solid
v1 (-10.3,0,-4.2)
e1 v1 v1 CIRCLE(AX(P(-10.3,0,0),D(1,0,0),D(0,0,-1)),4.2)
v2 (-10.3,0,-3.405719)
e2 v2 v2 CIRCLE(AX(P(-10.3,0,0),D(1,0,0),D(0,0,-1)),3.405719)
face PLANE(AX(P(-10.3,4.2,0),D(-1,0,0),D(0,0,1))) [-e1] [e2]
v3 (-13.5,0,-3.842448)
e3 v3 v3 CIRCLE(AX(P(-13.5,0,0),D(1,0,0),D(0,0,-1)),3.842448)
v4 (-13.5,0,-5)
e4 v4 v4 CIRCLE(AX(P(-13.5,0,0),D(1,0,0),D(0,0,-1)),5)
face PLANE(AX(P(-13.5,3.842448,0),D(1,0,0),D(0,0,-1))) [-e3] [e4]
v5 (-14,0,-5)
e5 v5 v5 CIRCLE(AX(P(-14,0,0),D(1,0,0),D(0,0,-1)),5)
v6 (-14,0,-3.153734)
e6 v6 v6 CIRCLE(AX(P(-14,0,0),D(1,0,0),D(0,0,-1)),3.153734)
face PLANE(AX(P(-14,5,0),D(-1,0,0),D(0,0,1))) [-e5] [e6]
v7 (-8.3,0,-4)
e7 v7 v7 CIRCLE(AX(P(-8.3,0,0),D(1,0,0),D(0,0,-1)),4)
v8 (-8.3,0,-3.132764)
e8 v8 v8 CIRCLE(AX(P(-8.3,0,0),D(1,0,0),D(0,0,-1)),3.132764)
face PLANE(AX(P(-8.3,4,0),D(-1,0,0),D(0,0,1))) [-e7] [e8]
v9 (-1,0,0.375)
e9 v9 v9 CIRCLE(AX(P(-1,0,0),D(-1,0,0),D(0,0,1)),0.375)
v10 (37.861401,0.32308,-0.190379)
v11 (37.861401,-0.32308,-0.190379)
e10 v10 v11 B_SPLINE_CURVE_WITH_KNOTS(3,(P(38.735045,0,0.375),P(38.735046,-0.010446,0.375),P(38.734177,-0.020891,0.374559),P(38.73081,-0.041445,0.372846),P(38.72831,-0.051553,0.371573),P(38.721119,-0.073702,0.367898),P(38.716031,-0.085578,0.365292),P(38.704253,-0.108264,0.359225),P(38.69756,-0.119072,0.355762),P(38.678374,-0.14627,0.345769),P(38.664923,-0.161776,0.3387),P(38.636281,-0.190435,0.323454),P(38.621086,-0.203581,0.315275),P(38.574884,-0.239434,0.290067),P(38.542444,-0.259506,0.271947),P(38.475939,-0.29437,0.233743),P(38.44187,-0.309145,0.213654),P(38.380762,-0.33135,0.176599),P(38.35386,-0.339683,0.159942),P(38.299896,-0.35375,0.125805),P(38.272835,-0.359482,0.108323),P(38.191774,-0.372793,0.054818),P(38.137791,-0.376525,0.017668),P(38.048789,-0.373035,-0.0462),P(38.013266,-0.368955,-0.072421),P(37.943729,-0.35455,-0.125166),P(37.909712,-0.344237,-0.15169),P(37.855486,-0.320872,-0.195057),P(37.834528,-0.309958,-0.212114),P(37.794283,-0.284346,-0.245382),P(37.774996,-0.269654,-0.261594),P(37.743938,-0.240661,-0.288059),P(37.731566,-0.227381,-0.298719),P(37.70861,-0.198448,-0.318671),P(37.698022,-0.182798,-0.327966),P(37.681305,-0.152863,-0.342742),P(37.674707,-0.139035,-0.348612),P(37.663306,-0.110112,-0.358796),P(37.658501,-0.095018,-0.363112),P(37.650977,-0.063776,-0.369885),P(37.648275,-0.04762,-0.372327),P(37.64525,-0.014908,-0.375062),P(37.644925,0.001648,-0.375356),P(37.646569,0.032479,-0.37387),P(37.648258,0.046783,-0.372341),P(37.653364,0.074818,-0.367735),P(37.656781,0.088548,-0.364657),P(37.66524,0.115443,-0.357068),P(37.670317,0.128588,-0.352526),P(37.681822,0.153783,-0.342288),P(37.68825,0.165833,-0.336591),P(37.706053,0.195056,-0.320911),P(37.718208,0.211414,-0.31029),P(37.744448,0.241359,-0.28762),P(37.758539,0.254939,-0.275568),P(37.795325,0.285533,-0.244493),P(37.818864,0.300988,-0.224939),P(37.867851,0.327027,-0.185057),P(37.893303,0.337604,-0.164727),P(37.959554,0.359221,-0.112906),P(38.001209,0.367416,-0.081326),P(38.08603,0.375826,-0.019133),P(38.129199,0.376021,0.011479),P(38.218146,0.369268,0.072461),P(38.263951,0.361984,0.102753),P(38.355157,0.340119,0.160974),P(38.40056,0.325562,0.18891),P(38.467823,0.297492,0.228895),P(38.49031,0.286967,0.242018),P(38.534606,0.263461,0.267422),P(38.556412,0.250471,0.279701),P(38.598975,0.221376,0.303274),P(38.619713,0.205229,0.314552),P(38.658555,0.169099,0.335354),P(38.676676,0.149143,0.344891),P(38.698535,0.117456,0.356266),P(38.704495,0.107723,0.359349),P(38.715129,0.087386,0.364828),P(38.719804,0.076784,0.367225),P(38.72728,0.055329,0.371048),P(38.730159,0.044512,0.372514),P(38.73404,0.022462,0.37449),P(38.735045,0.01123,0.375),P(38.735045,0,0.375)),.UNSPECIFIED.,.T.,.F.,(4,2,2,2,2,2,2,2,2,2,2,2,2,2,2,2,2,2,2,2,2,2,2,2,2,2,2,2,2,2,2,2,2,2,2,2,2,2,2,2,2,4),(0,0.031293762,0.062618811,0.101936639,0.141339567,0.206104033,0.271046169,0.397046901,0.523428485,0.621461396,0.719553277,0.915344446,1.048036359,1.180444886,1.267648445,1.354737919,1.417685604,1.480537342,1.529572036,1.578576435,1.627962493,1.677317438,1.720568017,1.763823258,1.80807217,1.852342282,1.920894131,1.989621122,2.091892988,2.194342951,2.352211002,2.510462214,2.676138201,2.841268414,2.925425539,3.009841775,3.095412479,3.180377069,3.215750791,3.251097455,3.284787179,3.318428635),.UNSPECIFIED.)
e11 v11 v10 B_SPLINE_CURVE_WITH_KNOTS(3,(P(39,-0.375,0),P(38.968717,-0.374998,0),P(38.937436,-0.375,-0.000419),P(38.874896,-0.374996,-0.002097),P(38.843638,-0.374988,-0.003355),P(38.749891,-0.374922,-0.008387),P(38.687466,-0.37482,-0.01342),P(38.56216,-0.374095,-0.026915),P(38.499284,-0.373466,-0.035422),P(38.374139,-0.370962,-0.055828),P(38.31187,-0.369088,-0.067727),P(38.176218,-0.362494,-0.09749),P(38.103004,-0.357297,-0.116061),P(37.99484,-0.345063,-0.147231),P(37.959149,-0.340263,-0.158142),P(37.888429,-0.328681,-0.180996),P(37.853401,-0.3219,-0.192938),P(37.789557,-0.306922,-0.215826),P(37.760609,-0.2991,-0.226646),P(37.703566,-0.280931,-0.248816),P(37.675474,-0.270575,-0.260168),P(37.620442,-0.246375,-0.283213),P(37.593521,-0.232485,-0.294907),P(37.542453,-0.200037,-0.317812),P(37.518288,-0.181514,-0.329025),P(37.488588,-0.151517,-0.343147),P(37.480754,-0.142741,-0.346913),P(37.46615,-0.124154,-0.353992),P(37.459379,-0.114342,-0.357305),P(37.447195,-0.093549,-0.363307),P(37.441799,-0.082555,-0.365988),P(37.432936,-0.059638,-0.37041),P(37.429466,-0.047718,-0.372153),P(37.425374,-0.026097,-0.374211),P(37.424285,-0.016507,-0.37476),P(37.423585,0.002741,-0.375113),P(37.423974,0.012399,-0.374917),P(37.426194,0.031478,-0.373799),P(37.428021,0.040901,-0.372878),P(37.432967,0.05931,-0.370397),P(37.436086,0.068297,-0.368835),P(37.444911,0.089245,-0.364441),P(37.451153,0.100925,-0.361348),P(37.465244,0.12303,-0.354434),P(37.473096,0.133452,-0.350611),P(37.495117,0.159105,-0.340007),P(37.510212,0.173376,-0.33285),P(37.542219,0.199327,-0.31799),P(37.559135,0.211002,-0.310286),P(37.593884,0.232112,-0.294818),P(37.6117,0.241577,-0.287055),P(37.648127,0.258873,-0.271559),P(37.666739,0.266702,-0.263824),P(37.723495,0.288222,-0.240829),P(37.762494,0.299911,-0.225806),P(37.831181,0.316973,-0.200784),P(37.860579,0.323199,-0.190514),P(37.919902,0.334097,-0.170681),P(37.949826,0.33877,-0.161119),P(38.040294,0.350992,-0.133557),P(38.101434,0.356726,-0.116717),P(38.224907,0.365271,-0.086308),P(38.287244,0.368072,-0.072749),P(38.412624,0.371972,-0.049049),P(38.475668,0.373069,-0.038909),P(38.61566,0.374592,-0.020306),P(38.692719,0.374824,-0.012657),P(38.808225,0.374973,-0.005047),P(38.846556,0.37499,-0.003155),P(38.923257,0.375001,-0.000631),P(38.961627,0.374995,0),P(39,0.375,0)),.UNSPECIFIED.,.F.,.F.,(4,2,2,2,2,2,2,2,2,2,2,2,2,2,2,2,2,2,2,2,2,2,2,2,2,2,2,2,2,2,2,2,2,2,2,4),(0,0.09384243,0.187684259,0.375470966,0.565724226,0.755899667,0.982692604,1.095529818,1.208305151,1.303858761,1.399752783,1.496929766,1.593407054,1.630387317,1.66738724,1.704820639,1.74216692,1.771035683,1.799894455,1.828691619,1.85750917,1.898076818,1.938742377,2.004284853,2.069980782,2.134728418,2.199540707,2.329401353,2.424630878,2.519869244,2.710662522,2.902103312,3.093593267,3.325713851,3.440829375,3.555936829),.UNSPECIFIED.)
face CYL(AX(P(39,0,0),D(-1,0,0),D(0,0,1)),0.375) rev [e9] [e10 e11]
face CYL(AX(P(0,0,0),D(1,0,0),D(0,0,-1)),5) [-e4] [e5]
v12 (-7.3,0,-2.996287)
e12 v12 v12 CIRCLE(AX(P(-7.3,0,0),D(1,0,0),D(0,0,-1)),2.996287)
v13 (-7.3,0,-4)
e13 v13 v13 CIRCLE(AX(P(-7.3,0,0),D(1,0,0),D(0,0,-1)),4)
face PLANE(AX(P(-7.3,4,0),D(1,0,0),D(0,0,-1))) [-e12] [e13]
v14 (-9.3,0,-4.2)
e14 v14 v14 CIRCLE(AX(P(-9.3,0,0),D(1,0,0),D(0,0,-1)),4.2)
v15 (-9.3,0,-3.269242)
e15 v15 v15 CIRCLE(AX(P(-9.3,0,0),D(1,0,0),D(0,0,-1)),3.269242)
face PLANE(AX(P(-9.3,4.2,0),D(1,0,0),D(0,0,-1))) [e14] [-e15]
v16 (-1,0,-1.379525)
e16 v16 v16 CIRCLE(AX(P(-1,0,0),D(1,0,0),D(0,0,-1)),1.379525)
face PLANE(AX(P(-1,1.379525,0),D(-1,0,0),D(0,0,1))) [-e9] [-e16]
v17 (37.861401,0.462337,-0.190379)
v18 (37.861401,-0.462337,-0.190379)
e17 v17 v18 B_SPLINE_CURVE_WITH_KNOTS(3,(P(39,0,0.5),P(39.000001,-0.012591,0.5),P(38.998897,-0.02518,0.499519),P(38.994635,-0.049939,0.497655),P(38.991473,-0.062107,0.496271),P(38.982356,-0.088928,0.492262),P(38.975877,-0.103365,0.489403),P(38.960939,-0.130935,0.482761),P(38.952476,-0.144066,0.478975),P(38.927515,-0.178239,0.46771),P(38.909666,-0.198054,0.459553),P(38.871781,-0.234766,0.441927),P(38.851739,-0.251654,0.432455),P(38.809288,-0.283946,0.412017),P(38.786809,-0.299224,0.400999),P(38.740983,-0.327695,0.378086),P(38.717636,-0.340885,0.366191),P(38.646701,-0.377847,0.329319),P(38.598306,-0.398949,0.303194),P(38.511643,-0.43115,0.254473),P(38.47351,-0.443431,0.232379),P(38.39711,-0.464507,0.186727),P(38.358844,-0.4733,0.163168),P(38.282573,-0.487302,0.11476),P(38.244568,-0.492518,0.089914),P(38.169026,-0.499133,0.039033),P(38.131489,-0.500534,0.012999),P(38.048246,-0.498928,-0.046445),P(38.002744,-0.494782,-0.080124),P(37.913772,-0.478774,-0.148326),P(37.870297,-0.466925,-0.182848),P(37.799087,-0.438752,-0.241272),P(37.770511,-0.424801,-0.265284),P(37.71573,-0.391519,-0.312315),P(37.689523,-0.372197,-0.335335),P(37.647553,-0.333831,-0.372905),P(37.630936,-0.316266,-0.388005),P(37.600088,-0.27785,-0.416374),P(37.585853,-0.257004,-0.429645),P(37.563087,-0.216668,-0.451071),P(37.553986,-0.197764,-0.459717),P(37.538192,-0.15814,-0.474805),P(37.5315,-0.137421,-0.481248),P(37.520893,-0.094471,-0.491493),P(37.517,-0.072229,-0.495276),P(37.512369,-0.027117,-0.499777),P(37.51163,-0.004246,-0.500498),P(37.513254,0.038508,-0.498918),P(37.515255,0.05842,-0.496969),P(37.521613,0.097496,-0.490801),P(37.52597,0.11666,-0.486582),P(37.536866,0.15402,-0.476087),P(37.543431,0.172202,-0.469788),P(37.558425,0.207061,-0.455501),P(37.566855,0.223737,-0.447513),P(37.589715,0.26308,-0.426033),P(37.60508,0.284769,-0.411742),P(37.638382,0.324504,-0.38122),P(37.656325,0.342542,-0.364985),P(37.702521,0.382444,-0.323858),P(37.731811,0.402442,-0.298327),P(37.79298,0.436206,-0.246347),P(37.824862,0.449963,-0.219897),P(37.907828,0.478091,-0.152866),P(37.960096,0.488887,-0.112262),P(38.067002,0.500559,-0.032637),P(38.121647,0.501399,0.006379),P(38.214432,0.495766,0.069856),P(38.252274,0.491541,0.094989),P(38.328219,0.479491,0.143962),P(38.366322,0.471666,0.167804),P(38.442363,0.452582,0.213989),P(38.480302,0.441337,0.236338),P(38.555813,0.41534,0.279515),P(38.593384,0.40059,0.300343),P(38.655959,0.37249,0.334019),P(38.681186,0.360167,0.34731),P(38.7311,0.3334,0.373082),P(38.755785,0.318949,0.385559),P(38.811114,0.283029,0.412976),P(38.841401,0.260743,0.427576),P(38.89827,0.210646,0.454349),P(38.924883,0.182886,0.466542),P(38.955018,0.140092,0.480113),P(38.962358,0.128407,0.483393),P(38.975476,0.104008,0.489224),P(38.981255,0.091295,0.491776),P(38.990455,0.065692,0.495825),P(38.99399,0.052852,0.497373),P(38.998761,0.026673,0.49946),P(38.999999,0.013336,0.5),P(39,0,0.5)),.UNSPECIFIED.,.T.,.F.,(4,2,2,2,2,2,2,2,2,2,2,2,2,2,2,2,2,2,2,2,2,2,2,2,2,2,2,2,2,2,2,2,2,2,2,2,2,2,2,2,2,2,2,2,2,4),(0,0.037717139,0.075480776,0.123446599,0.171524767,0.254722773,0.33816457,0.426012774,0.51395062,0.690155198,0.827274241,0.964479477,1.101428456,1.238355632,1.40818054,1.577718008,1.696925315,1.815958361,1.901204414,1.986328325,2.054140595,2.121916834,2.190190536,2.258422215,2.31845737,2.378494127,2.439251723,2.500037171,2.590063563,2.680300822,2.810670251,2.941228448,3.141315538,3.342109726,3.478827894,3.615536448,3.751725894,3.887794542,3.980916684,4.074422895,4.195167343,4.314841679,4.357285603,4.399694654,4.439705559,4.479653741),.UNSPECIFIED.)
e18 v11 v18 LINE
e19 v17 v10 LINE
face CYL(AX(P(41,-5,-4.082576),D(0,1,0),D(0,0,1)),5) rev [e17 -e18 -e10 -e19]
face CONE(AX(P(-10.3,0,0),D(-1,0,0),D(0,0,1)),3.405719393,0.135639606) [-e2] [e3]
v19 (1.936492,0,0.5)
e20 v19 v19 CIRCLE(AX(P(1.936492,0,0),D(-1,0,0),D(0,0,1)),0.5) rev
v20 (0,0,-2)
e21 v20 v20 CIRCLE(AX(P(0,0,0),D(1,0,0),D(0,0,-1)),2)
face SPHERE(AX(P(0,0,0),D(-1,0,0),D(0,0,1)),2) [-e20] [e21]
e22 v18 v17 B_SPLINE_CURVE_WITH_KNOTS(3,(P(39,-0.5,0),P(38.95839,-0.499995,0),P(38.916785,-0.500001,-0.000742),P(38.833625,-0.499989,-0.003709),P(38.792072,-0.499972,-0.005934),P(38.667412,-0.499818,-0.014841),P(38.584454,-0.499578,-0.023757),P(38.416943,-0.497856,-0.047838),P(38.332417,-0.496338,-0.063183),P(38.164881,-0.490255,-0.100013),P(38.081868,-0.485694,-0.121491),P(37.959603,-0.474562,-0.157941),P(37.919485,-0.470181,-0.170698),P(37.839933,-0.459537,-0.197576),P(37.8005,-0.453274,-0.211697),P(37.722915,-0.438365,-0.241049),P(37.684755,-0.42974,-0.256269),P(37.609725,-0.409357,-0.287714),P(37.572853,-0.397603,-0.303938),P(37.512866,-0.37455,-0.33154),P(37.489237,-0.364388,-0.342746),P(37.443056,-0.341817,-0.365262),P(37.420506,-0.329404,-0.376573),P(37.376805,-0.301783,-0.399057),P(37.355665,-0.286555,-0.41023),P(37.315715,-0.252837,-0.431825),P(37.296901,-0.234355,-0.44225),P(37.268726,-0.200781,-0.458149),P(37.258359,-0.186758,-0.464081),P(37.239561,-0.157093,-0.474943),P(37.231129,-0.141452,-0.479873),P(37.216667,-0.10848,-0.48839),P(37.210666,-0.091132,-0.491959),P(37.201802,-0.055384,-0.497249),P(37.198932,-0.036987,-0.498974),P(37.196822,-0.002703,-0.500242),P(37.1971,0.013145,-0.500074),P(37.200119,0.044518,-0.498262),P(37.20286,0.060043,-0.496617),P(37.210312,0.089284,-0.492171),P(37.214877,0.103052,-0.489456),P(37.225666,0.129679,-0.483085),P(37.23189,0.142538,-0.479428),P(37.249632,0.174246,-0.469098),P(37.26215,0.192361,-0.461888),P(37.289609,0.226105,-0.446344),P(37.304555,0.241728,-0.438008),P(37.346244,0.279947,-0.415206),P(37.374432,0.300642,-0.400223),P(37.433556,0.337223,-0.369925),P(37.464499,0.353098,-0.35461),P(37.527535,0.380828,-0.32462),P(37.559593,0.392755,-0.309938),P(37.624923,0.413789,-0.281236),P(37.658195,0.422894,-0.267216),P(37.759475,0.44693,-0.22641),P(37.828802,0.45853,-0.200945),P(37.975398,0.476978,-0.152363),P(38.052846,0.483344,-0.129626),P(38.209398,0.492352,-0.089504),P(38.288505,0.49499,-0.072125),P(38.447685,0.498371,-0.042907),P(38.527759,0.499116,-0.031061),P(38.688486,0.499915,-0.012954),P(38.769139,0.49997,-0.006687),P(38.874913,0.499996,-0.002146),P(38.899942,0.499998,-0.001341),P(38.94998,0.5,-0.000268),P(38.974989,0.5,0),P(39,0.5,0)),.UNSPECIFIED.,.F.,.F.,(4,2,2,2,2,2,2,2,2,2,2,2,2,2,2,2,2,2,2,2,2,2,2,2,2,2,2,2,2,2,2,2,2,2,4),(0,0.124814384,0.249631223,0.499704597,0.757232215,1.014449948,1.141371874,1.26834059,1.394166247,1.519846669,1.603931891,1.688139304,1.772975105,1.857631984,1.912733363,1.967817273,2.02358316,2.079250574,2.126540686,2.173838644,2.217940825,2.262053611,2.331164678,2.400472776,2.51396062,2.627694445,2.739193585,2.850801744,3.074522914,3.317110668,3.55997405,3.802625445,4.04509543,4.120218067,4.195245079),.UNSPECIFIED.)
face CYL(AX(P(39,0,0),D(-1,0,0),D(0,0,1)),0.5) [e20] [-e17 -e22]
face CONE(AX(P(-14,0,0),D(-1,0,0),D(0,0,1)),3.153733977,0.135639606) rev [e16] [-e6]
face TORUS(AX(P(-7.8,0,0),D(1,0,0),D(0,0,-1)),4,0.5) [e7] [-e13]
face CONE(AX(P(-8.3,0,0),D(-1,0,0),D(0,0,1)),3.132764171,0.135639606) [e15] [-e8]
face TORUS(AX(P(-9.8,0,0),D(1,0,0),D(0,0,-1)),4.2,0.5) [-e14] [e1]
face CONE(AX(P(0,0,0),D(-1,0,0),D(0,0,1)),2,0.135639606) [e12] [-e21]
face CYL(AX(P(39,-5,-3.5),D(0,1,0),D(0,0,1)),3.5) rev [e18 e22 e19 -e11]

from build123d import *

# Parameters (mm, degrees)
DOME1_FACE_RADIUS       = 2
DOME1_HEIGHT            = 2
SKETCH2_R               = 0.5
CUT_EXTRUDE1_DEPTH      = 15.798648587
SKETCH3_R               = 0.5
SKETCH3_R_2             = 0.375
EXTRUDE_THIN1_DEPTH     = 40
CUT_EXTRUDE2_DEPTH      = 40.635842365
CUT_EXTRUDE2_DEPTH_BACK = 40.635842365
SKETCH4_R               = 3.5
CUT_EXTRUDE4_DEPTH      = 40.635842464
CUT_EXTRUDE4_DEPTH_BACK = 40.635842464
SKETCH5_R               = 5


with BuildPart() as part:
    # Sketch1 → Revolve1 (revolve)
    with BuildSketch(Plane.XY, mode=Mode.PRIVATE) as revolve1_sk:
        with BuildLine():
            Line((0, 0), (0, 2))
            Line((0, 2), (-7.3, 2.99628656))
            Line((-7.3, 2.99628656), (-7.3, 4))
            ThreePointArc((-7.3, 4), (-7.8, 4.5), (-8.3, 4))
            Line((-8.3, 4), (-8.3, 3.132764171))
            Line((-8.3, 3.132764171), (-9.3, 3.269241782))
            Line((-9.3, 3.269241782), (-9.3, 4.2))
            ThreePointArc((-9.3, 4.2), (-9.8, 4.7), (-10.3, 4.2))
            Line((-10.3, 4.2), (-10.3, 3.405719393))
            Line((-10.3, 3.405719393), (-13.5, 3.842447748))
            Line((-13.5, 3.842447748), (-13.5, 5))
            Line((-13.5, 5), (-14, 5))
            Line((-14, 5), (-14, 3.153733977))
            Line((-14, 3.153733977), (-1, 1.379525035))
            Line((-1, 1.379525035), (-1, 0))
            Line((-1, 0), (0, 0))
        make_face()
    revolve(revolve1_sk.sketch.rotate(Axis((0, 0, 0), (-1, 0, 0)), 90), axis=Axis((0, 0, 0), (-1, 0, 0)))

    # Dome1: a dome of height H over a round flat face of radius A is a cap of a sphere of radius (A * A + H * H) / (2 * H)
    dome1_r = (DOME1_FACE_RADIUS * DOME1_FACE_RADIUS + DOME1_HEIGHT * DOME1_HEIGHT) / (2 * DOME1_HEIGHT)
    dome1_base = Plane((0, 0, 0), z_dir=(1, 0, 0))
    with Locations(dome1_base.offset(DOME1_HEIGHT - dome1_r)):
        dome1_ball = Sphere(dome1_r, mode=Mode.PRIVATE)
    add(split(dome1_ball, bisect_by=dome1_base, keep=Keep.TOP, mode=Mode.PRIVATE))

    # Sketch2 → Cut-Extrude1 (cut, through all)
    with BuildSketch(Plane.ZY.offset(1)):
        Circle(SKETCH2_R)
    extrude(amount=-CUT_EXTRUDE1_DEPTH, mode=Mode.SUBTRACT)

    # Sketch3 → Extrude-Thin1 (add)
    with BuildSketch(Plane.ZY.offset(1)):
        Circle(SKETCH3_R)
        Circle(SKETCH3_R_2, mode=Mode.SUBTRACT)
    extrude(amount=-EXTRUDE_THIN1_DEPTH)

    # Sketch4 → Cut-Extrude2 (cut, two sides: drawn at the far end of the back side and taken through both)
    with BuildSketch(Plane(origin=(0, 0, 0), x_dir=(1, 0, 0), z_dir=(0, 1, 0)).offset(-CUT_EXTRUDE2_DEPTH_BACK)):
        with Locations((39, 3.5)):
            Circle(SKETCH4_R)
    extrude(amount=CUT_EXTRUDE2_DEPTH + CUT_EXTRUDE2_DEPTH_BACK, mode=Mode.SUBTRACT)

    # Sketch5 → Cut-Extrude4 (cut, two sides: drawn at the far end of the back side and taken through both)
    with BuildSketch(Plane(origin=(0, 0, 0), x_dir=(1, 0, 0), z_dir=(0, 1, 0)).offset(-CUT_EXTRUDE4_DEPTH_BACK)):
        with Locations((41, 4.082575695)):
            Circle(SKETCH5_R)
    extrude(amount=CUT_EXTRUDE4_DEPTH + CUT_EXTRUDE4_DEPTH_BACK, mode=Mode.SUBTRACT)


solid = part.part
